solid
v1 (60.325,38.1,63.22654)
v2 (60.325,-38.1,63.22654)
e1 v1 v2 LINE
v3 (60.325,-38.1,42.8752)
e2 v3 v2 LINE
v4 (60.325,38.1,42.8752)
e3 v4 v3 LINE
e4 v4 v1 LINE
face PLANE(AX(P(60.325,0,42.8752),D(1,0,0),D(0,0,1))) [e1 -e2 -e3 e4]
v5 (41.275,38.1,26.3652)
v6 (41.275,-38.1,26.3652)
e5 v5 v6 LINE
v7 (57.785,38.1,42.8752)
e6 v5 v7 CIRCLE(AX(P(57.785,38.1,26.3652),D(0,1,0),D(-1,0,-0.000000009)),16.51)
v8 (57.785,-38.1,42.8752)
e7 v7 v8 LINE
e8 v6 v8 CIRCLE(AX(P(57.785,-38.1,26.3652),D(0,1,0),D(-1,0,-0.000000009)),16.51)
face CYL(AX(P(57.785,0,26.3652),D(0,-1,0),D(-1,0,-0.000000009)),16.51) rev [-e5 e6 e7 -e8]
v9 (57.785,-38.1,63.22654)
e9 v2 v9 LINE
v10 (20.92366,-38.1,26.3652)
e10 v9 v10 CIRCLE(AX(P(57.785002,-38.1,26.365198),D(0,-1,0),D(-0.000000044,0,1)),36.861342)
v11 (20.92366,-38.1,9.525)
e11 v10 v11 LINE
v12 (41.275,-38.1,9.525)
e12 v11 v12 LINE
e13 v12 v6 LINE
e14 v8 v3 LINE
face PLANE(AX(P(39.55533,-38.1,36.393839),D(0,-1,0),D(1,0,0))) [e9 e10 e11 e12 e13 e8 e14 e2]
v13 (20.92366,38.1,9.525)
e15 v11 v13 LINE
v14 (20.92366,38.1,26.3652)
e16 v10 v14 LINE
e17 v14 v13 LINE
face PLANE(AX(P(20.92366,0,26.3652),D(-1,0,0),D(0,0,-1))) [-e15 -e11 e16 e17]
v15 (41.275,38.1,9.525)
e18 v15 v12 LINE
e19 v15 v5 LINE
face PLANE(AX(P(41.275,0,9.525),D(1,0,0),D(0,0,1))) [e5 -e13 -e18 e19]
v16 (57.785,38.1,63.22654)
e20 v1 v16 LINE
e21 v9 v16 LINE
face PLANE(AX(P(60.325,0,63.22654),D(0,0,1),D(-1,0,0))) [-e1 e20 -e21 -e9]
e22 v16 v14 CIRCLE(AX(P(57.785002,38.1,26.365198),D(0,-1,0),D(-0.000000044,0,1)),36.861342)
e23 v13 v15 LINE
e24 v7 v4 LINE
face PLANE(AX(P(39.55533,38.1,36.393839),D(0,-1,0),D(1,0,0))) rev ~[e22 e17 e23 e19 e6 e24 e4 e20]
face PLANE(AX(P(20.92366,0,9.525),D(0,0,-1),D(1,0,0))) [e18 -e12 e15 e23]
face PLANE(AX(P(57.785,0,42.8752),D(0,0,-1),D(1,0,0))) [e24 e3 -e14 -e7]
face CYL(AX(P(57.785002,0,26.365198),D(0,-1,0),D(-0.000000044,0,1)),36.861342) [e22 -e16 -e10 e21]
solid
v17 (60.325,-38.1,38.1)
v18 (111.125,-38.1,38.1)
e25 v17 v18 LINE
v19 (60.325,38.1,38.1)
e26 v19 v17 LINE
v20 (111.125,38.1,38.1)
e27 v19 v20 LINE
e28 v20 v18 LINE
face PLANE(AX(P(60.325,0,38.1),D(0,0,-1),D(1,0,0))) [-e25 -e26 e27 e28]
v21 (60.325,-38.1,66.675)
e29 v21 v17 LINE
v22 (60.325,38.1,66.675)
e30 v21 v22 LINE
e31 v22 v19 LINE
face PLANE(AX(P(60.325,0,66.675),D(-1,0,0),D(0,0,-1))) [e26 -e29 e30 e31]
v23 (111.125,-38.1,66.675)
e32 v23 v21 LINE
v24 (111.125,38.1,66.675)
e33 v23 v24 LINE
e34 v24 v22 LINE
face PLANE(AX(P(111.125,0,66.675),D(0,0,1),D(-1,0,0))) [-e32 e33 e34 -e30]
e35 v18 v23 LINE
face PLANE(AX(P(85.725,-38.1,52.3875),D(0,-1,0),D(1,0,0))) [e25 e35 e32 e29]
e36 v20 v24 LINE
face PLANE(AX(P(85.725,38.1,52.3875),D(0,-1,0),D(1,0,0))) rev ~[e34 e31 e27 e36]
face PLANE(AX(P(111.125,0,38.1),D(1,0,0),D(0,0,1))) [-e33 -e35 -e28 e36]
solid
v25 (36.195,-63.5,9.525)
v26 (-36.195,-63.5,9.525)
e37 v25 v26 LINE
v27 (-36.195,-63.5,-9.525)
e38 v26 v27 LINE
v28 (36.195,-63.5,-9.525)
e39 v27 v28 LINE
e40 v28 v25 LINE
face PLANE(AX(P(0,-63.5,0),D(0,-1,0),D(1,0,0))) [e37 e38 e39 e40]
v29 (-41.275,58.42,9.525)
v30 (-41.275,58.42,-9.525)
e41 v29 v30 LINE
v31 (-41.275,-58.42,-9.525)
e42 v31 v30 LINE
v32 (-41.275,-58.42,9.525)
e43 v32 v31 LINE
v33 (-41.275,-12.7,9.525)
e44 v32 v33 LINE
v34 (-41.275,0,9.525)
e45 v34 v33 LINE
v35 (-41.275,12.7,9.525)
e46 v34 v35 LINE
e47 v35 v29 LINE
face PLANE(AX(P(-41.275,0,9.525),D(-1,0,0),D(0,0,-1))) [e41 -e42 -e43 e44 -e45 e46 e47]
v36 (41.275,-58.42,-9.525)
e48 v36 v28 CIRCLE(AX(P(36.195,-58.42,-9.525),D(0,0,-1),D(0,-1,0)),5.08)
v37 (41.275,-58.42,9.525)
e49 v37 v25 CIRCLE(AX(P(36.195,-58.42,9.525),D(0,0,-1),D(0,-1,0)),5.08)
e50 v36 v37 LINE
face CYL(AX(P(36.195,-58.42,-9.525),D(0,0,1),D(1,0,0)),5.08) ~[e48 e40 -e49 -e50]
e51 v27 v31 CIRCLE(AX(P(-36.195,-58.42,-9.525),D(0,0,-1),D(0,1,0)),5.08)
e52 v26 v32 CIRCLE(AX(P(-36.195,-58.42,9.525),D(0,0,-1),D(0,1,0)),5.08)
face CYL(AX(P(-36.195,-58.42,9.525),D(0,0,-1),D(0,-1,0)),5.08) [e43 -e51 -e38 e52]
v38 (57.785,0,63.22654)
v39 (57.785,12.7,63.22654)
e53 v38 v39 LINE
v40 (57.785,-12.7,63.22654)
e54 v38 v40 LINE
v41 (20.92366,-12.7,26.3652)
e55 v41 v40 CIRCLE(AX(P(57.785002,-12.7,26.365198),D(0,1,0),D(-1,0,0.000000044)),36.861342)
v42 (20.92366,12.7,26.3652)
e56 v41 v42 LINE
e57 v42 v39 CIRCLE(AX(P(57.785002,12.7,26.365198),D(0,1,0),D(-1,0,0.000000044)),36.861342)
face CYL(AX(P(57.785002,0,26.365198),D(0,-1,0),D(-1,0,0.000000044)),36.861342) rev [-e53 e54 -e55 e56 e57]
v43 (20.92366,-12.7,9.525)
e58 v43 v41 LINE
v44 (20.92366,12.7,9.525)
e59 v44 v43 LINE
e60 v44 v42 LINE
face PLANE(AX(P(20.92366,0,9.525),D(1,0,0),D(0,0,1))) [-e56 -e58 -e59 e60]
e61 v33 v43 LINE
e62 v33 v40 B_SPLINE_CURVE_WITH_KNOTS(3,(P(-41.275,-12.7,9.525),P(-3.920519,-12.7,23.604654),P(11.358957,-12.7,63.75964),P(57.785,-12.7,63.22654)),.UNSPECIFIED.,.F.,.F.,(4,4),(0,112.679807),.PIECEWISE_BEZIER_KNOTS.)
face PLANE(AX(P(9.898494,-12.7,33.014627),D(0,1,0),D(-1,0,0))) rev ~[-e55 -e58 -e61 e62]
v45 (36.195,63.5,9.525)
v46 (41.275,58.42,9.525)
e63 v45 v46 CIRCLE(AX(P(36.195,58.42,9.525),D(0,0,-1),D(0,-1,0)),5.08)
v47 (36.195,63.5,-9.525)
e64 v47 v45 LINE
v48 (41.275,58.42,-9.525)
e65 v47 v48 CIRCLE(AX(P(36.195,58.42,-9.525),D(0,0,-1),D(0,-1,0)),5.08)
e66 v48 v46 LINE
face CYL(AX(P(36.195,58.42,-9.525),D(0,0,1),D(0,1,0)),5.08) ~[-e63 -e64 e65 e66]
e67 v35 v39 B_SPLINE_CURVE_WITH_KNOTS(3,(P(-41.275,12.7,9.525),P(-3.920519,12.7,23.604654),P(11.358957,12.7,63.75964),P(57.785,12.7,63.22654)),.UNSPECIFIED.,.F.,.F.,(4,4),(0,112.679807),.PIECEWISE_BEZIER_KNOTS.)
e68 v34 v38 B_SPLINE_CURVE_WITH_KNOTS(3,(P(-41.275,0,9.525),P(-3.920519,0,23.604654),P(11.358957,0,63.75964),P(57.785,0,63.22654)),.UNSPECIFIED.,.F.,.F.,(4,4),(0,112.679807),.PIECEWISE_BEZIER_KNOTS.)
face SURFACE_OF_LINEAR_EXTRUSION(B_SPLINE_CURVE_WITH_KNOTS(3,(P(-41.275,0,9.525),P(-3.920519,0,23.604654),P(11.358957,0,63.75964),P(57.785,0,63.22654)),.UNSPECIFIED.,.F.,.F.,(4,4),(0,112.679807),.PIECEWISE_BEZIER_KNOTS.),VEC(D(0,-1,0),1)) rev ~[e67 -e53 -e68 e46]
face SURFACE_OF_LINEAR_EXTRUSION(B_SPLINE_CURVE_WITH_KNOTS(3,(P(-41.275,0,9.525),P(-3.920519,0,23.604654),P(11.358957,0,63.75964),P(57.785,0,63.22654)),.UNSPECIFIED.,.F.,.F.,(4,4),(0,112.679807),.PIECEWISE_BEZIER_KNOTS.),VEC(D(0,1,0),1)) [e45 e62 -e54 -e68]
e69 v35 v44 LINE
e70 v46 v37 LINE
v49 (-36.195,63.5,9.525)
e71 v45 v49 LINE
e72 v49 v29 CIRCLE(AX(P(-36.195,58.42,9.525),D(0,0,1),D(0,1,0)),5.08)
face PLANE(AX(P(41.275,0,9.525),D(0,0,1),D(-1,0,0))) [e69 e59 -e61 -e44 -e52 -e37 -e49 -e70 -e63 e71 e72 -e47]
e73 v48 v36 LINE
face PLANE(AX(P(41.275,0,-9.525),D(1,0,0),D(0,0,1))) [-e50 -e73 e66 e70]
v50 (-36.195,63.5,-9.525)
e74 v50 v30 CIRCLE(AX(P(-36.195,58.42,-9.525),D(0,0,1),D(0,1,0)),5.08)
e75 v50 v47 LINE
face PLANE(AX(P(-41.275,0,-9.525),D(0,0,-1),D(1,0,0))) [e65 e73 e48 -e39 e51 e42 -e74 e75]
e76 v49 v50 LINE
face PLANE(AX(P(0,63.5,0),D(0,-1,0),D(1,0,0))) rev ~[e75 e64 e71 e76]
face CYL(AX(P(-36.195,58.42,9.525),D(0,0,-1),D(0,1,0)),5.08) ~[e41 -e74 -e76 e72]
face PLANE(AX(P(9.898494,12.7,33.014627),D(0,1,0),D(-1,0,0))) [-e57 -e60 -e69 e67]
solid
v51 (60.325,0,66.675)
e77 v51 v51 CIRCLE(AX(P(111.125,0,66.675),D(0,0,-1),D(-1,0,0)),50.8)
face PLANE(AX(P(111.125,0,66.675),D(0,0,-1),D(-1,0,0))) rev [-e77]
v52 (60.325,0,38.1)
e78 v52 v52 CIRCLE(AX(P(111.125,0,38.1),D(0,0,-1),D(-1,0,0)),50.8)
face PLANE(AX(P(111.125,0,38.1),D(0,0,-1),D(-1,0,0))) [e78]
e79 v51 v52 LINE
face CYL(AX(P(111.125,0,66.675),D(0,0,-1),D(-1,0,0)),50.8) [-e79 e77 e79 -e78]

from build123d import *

# Parameters (mm, degrees)
F1_DEPTH = 12.7
F2_DEPTH = 63.5
F3_DEPTH = 38.1
F4_DEPTH = 38.1
F6_R     = 5.08


with BuildPart() as f1:
    # F0 (on Front) → F1 (new body, symmetric)
    with BuildSketch(Plane.XZ):
        with BuildLine():
            add(Edge.make_bspline(
                [(-41.275, 9.525), (-3.920519, 23.604654), (11.358957, 63.75964), (57.785, 63.22654)],
                knots=[0, 0, 0, 0, 112.679807, 112.679807, 112.679807, 112.679807], degree=3))
            Line((-41.275, 9.525), (20.92366, 9.525))
            Line((20.92366, 9.525), (20.92366, 26.3652))
            ThreePointArc((20.92366, 26.3652), (31.720097, 52.430103), (57.785, 63.22654))
        make_face()
    extrude(amount=F1_DEPTH, both=True)

    # F0 (on Front) → F2 (join, symmetric)
    with BuildSketch(Plane.XZ):
        Polygon((-41.275, -9.525), (41.275, -9.525), (41.275, 9.525), (20.92366, 9.525), (-41.275, 9.525), align=None)
    extrude(amount=F2_DEPTH, both=True)

    # F6
    f6_edges = [f1.edges().sort_by_distance(p)[0] for p in [
        (41.275, -63.5, 0),
        (-41.275, -63.5, 0),
        (-41.275, 63.5, 0),
        (41.275, 63.5, 0),
    ]]
    fillet(f6_edges, radius=F6_R)


with BuildPart() as f3:
    # F0 (on Front) → F3 (new body, symmetric)
    with BuildSketch(Plane.XZ):
        Polygon((60.325, 66.675), (60.325, 63.22654), (60.325, 42.8752), (60.325, 38.1), (111.125, 38.1), (111.125, 66.675), align=None)
    extrude(amount=F3_DEPTH, both=True)


with BuildPart() as f4:
    # F0 (on Front) → F4 (new body, symmetric)
    with BuildSketch(Plane.XZ):
        with BuildLine():
            Line((20.92366, 9.525), (41.275, 9.525))
            Line((41.275, 9.525), (41.275, 26.3652))
            ThreePointArc((41.275, 26.3652), (46.110667, 38.039533), (57.785, 42.8752))
            Line((57.785, 42.8752), (60.325, 42.8752))
            Line((60.325, 42.8752), (60.325, 63.22654))
            Line((60.325, 63.22654), (57.785, 63.22654))
            ThreePointArc((57.785, 63.22654), (31.720097, 52.430103), (20.92366, 26.3652))
            Line((20.92366, 26.3652), (20.92366, 9.525))
        make_face()
    extrude(amount=F4_DEPTH, both=True)


with BuildPart() as f5:
    # F0 (on Front) → F5 (revolve)
    with BuildSketch(Plane.XZ):
        Polygon((60.325, 66.675), (60.325, 63.22654), (60.325, 42.8752), (60.325, 38.1), (111.125, 38.1), (111.125, 66.675), align=None)
    revolve(axis=Axis((111.125, 0, 52.3875), (0, 0, -1)))


solid = Compound([f1.part, f3.part, f4.part, f5.part])
